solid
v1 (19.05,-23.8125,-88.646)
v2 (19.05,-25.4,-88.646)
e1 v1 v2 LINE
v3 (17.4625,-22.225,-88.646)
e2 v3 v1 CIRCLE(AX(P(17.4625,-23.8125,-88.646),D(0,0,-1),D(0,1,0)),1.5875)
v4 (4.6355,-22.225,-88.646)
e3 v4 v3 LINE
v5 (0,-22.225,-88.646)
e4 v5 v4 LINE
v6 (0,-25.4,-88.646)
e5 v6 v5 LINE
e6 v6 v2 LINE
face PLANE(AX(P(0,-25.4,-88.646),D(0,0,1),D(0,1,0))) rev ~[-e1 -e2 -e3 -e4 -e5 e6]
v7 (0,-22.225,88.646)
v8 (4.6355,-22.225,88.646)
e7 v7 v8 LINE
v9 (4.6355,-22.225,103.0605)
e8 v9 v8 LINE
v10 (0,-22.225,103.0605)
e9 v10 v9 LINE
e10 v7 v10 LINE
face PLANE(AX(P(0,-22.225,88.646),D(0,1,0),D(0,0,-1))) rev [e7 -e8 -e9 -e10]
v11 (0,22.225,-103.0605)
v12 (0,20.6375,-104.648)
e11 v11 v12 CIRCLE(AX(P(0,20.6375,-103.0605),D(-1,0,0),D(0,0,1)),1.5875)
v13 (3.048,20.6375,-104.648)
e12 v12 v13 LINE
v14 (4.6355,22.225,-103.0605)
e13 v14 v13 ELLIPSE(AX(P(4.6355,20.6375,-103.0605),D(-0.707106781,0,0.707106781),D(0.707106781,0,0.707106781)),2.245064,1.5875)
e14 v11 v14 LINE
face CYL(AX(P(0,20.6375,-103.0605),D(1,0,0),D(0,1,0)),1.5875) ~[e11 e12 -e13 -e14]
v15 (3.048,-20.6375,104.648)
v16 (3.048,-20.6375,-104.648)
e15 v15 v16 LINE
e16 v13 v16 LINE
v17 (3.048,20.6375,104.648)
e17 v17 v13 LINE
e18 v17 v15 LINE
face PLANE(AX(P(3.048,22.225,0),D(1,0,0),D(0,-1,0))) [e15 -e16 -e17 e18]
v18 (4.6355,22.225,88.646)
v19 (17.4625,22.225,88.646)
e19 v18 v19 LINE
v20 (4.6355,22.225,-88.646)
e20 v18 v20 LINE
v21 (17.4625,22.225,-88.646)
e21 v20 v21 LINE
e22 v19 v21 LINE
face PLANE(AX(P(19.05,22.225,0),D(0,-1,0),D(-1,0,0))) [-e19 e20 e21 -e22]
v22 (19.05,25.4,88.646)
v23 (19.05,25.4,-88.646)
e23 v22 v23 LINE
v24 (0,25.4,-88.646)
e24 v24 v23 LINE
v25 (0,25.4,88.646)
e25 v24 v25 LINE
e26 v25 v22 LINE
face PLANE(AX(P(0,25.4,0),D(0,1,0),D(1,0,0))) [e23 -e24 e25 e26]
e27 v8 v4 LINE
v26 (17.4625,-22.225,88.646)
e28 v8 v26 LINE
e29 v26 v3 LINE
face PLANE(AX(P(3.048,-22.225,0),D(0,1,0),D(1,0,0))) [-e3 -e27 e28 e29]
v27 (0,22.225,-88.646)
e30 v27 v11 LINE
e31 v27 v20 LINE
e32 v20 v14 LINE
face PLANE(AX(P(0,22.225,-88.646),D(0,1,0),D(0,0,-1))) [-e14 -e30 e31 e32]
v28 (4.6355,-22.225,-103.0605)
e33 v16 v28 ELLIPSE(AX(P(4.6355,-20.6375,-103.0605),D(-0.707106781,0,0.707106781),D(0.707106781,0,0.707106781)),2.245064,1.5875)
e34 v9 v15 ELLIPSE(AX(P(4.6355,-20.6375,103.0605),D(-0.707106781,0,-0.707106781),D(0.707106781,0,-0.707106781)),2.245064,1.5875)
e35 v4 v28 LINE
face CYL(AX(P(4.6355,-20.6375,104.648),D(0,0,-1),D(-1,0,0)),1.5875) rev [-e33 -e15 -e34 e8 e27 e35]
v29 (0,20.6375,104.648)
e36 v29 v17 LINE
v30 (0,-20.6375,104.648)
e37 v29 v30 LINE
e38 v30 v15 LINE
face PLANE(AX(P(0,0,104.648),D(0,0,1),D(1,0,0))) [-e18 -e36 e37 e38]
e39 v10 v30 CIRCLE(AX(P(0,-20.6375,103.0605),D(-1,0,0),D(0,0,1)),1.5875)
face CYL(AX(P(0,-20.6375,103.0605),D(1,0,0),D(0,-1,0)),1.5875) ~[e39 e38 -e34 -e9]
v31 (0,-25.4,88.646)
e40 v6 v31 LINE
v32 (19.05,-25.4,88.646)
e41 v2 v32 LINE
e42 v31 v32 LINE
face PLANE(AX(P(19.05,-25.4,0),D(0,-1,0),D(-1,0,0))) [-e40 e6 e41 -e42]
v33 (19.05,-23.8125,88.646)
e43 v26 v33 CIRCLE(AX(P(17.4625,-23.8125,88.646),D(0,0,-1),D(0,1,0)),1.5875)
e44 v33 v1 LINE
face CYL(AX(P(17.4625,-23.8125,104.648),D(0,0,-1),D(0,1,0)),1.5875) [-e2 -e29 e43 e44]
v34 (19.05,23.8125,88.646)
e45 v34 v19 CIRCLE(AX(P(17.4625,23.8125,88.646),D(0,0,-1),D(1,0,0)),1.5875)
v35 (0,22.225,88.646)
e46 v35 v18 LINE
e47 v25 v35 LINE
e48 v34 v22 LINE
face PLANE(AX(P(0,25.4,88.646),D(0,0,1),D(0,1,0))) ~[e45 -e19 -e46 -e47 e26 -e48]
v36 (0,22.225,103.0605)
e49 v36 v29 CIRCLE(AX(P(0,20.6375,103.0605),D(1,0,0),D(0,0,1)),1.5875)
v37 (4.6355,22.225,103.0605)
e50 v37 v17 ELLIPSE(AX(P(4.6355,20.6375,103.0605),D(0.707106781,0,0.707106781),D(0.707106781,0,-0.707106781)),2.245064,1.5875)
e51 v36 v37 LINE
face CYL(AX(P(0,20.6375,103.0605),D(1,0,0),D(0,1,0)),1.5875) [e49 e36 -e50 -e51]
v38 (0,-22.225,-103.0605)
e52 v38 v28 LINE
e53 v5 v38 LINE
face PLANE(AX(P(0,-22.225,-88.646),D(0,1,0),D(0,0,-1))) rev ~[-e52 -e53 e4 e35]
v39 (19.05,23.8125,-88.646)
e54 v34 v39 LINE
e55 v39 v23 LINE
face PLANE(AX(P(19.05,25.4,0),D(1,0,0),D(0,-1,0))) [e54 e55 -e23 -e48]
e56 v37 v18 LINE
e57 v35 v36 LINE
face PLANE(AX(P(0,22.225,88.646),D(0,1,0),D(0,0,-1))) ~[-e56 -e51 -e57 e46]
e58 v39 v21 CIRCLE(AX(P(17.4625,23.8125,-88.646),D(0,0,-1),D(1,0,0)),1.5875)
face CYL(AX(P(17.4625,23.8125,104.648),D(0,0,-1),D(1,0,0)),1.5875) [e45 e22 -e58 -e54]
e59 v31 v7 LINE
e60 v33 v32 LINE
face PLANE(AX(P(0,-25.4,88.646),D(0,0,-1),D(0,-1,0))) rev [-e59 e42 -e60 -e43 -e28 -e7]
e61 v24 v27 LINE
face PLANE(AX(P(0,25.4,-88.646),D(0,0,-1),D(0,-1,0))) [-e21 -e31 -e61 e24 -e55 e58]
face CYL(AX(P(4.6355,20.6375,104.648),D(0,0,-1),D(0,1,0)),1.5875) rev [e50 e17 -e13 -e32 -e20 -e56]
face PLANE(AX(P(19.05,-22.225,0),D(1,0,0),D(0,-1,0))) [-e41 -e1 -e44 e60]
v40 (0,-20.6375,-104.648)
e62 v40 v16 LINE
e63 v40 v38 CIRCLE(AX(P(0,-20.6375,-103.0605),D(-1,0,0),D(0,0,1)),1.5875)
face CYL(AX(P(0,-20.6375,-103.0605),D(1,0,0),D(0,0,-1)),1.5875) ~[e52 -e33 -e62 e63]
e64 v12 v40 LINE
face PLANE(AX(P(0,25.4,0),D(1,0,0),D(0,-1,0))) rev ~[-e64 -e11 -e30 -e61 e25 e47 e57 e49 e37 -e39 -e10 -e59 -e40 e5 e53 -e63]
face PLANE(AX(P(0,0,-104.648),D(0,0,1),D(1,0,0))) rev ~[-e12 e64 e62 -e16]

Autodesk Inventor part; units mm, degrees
ref_plane "YZ Plane" through (0, 0, 0) normal (1, 0, 0) x (0, 1, 0)
ref_plane "XZ Plane" through (0, 0, 0) normal (0, 1, 0) x (-1, 0, 0)
ref_plane "XY Plane" through (0, 0, 0) normal (0, 0, 1) x (1, 0, 0)
sketch "Sketch3" plane through (0, 0, 0) normal (0, 0, 1) x (1, 0, 0)
  line L0 (0, 25.4) -> (0, -25.4)
  line L1 (0, 25.4) -> (19.05, 25.4)
  line L2 (19.05, 25.4) -> (19.05, 22.225)
  line L3 (19.05, 22.225) -> (3.048, 22.225)
  line L4 (3.048, 22.225) -> (3.048, -22.225)
  line L5 (3.048, -22.225) -> (19.05, -22.225)
  line L6 (19.05, -22.225) -> (19.05, -25.4)
  line L7 (19.05, -25.4) -> (0, -25.4)
  line L8 (0, 0) -> (3.048, 0) construction
  dimension "d7" = 50.8
  dimension "d19" = 16.002
  dimension "d20" = 19.05
  dimension "d21" = 3.175
extrude "Extrusion3" add sketch "Sketch3" along normal mid plane 209.296
fillet "Fillet1" radius 1.5875 4 edges at (19.05, 22.225, 0) (19.05, -22.225, 0) (3.048, -22.225, 0) (3.048, 22.225, 0)
sketch "Sketch4" plane through (0, -25.4, 104.648) normal (-1, 0, 0) x (0, 0, 1)
  line L0 (0, 50.8) -> (-209.296, 50.8) projected
  line L1 (-209.296, 50.8) -> (-193.294, 50.8)
  line L2 (-193.294, 50.8) -> (-193.294, 47.625)
  line L3 (-193.294, 47.625) -> (-209.296, 47.625)
  line L4 (-209.296, 47.625) -> (-209.296, 50.8)
  line L5 (0, 46.0375) -> (-209.296, 46.0375) projected
  line L6 (-209.296, 4.7625) -> (0, 4.7625) projected
  line L7 (-209.296, 0) -> (0, 0) projected
  line L8 (-209.296, 0) -> (0, 0) projected
  line L9 (-209.296, 0) -> (-193.294, 0)
  line L10 (-193.294, 0) -> (-193.294, 3.175)
  line L11 (-193.294, 3.175) -> (-209.296, 3.175)
  line L12 (-209.296, 3.175) -> (-209.296, 0)
  line L13 (0, 3.175) -> (-209.296, 3.175) projected
  line L14 (-209.296, 47.625) -> (0, 47.625) projected
  point P0 (-104.648, 25.4)
  dimension "d14" = 16.002
extrude "Extrusion4" cut sketch "Sketch4" against normal through all
mirror "Mirror1" about plane through (0, 0, 0) normal (0, 0, 1) of "Extrusion4"
fillet "Fillet3" radius 1.5875 4 edges at (2.3177, 22.225, -104.648) (2.3177, -22.225, -104.648) (2.3177, 22.225, 104.648) (2.3177, -22.225, 104.648)
equation "\"d11\" = Length"
equation "\"Length\" = 209.296"
properties part number "NASA-20-FR-FP-01" material "Aluminum 6061"
